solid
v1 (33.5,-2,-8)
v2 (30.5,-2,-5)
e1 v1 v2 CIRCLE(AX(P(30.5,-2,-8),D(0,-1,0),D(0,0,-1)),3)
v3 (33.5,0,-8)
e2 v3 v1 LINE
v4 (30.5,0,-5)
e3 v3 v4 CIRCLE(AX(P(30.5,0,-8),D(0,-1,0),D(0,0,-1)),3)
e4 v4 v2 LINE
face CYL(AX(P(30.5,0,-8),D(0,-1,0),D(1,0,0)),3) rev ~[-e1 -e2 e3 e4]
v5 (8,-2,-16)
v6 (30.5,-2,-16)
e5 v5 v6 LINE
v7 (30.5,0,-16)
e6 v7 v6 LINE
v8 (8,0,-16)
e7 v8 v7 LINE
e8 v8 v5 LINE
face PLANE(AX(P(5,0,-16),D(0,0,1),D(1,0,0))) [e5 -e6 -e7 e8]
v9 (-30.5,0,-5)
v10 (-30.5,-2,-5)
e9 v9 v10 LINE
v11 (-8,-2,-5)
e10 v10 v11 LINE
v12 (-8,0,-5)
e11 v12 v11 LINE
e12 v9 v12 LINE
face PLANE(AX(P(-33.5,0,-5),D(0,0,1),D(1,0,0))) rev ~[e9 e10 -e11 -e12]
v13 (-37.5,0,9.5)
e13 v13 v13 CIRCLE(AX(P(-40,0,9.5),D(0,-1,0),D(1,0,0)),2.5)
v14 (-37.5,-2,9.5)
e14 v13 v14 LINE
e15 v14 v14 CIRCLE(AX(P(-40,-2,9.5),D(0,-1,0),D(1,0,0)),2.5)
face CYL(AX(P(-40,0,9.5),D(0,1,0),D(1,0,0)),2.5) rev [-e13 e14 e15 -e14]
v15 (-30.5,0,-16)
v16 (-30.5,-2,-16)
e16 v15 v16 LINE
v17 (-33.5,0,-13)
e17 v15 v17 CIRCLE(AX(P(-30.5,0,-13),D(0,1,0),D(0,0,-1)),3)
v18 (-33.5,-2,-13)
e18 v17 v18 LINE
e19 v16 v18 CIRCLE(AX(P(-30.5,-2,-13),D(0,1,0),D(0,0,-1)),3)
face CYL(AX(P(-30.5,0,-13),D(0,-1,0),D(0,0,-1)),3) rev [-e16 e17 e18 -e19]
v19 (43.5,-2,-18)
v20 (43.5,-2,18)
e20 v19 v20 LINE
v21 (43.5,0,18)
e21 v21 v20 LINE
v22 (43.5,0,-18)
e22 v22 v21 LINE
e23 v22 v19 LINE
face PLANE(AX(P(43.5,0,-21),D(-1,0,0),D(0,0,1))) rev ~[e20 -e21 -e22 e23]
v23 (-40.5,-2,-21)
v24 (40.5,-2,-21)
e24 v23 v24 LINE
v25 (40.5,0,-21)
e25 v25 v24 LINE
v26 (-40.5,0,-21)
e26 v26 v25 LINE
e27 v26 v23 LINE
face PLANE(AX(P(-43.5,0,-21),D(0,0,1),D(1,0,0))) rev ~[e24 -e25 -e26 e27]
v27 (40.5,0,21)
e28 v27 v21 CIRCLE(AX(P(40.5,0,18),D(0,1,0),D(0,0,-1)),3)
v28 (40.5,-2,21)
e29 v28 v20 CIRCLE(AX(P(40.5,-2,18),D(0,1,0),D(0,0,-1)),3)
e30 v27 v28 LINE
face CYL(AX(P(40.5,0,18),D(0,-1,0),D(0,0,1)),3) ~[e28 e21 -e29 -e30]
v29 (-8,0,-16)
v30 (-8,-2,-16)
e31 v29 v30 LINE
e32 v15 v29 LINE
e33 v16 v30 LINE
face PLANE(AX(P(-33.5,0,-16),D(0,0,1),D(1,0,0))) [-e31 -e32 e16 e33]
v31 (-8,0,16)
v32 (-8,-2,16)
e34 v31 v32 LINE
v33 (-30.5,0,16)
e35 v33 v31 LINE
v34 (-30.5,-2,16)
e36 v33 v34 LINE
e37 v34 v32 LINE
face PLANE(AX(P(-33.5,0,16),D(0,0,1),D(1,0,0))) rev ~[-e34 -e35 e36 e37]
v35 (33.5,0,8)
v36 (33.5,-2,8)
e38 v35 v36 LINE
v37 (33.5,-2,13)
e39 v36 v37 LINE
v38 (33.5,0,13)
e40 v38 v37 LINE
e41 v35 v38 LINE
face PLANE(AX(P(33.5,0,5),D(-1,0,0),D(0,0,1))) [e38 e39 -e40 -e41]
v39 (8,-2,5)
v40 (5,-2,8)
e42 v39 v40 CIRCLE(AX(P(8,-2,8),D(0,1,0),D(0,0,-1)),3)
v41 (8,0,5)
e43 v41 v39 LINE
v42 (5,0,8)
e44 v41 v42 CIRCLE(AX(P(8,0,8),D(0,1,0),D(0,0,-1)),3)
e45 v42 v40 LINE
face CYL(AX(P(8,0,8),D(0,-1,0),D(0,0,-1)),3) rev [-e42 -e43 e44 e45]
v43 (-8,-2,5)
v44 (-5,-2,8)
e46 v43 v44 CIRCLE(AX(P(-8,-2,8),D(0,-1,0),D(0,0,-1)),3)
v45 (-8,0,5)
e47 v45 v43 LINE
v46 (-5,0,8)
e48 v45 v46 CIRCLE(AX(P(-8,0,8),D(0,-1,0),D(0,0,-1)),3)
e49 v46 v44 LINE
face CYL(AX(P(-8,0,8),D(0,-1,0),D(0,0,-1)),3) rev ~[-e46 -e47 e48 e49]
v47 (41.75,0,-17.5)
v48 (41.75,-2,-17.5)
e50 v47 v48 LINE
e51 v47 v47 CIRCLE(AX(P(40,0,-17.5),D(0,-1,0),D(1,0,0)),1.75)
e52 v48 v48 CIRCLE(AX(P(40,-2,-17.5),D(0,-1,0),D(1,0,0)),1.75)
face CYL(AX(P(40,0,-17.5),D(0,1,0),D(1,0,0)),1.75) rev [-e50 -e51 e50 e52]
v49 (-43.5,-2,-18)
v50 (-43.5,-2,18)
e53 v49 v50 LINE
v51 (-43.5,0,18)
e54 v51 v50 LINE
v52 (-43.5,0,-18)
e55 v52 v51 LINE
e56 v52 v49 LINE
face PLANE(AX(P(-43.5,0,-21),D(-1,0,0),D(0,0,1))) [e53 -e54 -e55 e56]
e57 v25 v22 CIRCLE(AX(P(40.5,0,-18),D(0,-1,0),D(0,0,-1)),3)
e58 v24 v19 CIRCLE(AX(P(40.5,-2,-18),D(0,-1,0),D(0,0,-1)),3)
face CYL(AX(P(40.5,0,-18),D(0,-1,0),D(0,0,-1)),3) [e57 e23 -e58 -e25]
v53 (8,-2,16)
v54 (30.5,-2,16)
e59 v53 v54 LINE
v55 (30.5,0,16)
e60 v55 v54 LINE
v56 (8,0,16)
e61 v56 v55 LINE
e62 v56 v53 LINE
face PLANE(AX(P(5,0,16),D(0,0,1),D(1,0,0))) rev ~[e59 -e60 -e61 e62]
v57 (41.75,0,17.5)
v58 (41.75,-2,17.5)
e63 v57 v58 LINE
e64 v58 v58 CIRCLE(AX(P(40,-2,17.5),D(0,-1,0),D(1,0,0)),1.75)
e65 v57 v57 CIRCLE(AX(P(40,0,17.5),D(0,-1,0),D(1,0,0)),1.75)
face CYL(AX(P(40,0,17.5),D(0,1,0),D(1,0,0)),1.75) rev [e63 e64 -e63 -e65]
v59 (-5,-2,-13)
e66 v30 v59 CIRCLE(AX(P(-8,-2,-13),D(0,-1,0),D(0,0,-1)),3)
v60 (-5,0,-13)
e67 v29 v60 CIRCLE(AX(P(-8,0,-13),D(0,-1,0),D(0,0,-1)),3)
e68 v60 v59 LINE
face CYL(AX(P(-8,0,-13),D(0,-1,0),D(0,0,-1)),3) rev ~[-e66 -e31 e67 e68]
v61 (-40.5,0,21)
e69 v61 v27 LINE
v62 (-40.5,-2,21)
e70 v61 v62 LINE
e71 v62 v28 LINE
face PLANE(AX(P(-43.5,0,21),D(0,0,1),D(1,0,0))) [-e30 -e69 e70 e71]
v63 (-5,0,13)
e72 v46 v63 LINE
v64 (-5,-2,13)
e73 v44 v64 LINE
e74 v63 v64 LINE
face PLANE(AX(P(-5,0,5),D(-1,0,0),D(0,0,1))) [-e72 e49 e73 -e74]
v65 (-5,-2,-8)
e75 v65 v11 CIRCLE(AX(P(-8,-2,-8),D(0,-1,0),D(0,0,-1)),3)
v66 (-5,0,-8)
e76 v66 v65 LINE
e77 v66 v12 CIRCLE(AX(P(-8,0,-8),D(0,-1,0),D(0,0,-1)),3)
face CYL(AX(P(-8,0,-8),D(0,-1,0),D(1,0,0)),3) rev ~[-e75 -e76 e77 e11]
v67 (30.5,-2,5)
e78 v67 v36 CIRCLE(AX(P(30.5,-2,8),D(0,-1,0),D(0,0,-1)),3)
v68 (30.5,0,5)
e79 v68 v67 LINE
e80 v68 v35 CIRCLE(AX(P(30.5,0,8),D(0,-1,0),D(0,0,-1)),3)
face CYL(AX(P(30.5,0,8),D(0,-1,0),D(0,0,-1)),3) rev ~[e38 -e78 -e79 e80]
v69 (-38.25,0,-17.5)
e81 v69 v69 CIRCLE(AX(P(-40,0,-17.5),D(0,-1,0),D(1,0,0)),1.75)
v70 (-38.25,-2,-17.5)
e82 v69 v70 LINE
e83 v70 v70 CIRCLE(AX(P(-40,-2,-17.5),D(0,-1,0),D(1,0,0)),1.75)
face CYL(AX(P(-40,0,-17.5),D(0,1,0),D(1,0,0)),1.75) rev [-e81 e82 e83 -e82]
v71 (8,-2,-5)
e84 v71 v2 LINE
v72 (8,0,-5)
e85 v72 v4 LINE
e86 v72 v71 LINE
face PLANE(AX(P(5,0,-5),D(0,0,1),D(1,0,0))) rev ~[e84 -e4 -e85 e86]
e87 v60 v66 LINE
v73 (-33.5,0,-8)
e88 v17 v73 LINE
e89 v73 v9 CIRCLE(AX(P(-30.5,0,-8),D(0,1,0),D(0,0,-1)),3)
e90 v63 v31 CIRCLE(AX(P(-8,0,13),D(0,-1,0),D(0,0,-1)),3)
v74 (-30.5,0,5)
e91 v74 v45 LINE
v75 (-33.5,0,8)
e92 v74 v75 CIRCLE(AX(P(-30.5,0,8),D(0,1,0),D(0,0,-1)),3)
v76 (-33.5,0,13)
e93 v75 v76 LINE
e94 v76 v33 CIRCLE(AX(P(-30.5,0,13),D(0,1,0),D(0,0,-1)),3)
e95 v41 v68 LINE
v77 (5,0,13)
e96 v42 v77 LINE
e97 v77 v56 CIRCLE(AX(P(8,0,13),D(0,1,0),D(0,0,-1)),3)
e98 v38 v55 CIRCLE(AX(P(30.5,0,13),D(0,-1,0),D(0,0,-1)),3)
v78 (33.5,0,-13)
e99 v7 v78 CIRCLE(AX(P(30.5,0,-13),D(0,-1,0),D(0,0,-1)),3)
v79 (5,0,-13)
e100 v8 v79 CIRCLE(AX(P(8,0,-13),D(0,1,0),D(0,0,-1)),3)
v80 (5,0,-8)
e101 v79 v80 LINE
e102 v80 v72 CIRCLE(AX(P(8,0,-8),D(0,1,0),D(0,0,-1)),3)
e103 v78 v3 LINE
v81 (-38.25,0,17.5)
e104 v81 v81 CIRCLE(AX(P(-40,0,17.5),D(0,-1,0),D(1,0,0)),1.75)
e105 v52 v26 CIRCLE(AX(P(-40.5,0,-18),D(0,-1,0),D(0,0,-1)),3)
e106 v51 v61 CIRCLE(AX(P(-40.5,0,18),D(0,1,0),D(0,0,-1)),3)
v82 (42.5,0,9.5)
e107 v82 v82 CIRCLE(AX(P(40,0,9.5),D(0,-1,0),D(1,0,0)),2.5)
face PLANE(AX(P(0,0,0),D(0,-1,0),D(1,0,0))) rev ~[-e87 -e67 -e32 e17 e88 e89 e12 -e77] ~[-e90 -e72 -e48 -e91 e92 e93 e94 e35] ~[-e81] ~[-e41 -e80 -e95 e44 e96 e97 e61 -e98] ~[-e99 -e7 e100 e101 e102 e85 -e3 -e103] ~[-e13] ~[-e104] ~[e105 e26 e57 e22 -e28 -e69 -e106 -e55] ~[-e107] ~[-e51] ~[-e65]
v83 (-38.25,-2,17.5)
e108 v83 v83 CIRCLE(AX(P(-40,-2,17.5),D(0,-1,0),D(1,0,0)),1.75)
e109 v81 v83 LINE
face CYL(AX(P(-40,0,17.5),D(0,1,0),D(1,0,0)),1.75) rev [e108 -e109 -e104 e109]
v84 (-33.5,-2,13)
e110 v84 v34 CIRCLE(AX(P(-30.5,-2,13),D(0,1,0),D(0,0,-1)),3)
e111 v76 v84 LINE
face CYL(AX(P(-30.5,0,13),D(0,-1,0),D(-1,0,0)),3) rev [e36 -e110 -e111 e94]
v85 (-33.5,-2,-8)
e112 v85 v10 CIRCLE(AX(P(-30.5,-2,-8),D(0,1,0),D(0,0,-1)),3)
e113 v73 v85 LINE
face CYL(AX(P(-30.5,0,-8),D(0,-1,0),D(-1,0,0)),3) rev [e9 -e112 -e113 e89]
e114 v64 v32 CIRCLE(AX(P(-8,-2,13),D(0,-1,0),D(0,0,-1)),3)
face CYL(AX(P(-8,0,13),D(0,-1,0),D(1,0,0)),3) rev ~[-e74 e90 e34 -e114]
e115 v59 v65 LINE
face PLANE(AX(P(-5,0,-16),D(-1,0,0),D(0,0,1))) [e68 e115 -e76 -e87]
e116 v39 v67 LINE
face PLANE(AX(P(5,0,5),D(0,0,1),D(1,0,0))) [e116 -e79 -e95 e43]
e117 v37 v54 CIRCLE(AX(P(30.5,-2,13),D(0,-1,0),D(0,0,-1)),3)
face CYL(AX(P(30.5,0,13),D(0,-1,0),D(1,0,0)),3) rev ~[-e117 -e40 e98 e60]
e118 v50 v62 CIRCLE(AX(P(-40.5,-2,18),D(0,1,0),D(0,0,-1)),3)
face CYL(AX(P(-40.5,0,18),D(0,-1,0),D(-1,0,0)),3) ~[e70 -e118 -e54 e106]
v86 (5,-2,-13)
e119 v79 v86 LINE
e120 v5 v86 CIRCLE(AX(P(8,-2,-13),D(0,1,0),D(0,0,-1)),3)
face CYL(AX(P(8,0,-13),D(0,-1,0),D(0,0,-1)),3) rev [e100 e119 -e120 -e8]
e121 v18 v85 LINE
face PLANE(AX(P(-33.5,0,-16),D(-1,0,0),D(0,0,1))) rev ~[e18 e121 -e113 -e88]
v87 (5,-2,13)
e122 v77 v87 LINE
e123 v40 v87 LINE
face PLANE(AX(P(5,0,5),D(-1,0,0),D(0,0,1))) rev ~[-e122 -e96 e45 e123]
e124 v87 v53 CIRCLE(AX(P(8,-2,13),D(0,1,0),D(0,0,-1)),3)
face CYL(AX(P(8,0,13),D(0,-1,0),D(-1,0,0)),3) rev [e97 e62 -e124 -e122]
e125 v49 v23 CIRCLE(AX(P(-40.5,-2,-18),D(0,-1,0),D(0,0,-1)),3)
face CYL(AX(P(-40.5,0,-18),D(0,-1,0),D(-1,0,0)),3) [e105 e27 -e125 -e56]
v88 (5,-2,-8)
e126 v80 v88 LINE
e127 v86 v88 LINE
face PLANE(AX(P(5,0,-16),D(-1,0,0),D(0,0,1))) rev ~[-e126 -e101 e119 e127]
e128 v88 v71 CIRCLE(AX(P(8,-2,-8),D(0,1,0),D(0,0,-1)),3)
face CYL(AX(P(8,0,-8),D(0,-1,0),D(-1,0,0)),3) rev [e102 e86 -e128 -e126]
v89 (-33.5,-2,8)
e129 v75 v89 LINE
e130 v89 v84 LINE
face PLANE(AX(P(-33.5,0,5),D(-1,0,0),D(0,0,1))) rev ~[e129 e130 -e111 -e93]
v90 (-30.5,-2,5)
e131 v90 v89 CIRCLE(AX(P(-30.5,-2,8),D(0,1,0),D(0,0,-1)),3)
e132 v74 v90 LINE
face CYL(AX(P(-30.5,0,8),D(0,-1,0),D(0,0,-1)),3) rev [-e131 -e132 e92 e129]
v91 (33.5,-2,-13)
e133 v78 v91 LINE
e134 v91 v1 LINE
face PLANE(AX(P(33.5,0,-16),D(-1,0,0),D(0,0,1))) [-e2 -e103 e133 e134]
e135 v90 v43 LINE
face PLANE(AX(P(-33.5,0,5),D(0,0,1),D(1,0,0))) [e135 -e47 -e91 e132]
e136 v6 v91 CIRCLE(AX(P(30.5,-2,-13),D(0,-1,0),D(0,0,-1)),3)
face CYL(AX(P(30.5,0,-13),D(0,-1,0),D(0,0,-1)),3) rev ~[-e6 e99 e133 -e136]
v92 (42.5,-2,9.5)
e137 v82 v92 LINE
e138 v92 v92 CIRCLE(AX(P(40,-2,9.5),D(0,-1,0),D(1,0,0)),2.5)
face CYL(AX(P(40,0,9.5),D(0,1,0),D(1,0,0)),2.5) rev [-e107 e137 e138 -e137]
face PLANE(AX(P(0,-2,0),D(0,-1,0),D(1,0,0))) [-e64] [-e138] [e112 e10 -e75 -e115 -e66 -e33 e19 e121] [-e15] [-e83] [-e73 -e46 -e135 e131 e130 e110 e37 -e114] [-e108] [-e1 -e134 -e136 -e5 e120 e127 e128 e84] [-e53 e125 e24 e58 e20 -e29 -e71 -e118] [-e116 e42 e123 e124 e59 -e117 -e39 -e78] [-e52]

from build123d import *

# Parameters (mm, degrees)
F0_W     = 87
F0_H     = 42
F0_R     = 1.75
F0_W_2   = 28.5
F0_H_2   = 11
F0_R_2   = 2.5
F1_DEPTH = 2
F2_R     = 3


with BuildPart() as f1:
    # F0 (on Front) → F1 (new body)
    with BuildSketch(Plane.XZ):
        Rectangle(F0_W, F0_H)
        with Locations((-40, -17.5)):
            Circle(F0_R, mode=Mode.SUBTRACT)
        with Locations((-19.25, -10.5)):
            Rectangle(F0_W_2, F0_H_2, mode=Mode.SUBTRACT)
        with Locations((40, -17.5)):
            Circle(F0_R, mode=Mode.SUBTRACT)
        with Locations((19.25, -10.5)):
            Rectangle(F0_W_2, F0_H_2, mode=Mode.SUBTRACT)
        with Locations((-40, 9.5)):
            Circle(F0_R_2, mode=Mode.SUBTRACT)
        with Locations((-40, 17.5)):
            Circle(F0_R, mode=Mode.SUBTRACT)
        with Locations((-19.25, 10.5)):
            Rectangle(F0_W_2, F0_H_2, mode=Mode.SUBTRACT)
        with Locations((40, 9.5)):
            Circle(F0_R_2, mode=Mode.SUBTRACT)
        with Locations((19.25, 10.5)):
            Rectangle(F0_W_2, F0_H_2, mode=Mode.SUBTRACT)
        with Locations((40, 17.5)):
            Circle(F0_R, mode=Mode.SUBTRACT)
    extrude(amount=F1_DEPTH)

    # F2
    f2_edges = [f1.edges().sort_by_distance(p)[0] for p in [
        (-43.5, -1, 21),
        (-43.5, -1, -21),
        (43.5, -1, -21),
        (43.5, -1, 21),
        (-5, -1, 16),
        (33.5, -1, 16),
        (-33.5, -1, 16),
        (-33.5, -1, -5),
        (5, -1, -5),
        (5, -1, 16),
        (-33.5, -1, -16),
        (-33.5, -1, 5),
        (5, -1, 5),
        (5, -1, -16),
        (33.5, -1, 5),
        (33.5, -1, -16),
        (-5, -1, 5),
        (-5, -1, -5),
        (-5, -1, -16),
        (33.5, -1, -5),
    ]]
    fillet(f2_edges, radius=F2_R)


solid = f1.part
